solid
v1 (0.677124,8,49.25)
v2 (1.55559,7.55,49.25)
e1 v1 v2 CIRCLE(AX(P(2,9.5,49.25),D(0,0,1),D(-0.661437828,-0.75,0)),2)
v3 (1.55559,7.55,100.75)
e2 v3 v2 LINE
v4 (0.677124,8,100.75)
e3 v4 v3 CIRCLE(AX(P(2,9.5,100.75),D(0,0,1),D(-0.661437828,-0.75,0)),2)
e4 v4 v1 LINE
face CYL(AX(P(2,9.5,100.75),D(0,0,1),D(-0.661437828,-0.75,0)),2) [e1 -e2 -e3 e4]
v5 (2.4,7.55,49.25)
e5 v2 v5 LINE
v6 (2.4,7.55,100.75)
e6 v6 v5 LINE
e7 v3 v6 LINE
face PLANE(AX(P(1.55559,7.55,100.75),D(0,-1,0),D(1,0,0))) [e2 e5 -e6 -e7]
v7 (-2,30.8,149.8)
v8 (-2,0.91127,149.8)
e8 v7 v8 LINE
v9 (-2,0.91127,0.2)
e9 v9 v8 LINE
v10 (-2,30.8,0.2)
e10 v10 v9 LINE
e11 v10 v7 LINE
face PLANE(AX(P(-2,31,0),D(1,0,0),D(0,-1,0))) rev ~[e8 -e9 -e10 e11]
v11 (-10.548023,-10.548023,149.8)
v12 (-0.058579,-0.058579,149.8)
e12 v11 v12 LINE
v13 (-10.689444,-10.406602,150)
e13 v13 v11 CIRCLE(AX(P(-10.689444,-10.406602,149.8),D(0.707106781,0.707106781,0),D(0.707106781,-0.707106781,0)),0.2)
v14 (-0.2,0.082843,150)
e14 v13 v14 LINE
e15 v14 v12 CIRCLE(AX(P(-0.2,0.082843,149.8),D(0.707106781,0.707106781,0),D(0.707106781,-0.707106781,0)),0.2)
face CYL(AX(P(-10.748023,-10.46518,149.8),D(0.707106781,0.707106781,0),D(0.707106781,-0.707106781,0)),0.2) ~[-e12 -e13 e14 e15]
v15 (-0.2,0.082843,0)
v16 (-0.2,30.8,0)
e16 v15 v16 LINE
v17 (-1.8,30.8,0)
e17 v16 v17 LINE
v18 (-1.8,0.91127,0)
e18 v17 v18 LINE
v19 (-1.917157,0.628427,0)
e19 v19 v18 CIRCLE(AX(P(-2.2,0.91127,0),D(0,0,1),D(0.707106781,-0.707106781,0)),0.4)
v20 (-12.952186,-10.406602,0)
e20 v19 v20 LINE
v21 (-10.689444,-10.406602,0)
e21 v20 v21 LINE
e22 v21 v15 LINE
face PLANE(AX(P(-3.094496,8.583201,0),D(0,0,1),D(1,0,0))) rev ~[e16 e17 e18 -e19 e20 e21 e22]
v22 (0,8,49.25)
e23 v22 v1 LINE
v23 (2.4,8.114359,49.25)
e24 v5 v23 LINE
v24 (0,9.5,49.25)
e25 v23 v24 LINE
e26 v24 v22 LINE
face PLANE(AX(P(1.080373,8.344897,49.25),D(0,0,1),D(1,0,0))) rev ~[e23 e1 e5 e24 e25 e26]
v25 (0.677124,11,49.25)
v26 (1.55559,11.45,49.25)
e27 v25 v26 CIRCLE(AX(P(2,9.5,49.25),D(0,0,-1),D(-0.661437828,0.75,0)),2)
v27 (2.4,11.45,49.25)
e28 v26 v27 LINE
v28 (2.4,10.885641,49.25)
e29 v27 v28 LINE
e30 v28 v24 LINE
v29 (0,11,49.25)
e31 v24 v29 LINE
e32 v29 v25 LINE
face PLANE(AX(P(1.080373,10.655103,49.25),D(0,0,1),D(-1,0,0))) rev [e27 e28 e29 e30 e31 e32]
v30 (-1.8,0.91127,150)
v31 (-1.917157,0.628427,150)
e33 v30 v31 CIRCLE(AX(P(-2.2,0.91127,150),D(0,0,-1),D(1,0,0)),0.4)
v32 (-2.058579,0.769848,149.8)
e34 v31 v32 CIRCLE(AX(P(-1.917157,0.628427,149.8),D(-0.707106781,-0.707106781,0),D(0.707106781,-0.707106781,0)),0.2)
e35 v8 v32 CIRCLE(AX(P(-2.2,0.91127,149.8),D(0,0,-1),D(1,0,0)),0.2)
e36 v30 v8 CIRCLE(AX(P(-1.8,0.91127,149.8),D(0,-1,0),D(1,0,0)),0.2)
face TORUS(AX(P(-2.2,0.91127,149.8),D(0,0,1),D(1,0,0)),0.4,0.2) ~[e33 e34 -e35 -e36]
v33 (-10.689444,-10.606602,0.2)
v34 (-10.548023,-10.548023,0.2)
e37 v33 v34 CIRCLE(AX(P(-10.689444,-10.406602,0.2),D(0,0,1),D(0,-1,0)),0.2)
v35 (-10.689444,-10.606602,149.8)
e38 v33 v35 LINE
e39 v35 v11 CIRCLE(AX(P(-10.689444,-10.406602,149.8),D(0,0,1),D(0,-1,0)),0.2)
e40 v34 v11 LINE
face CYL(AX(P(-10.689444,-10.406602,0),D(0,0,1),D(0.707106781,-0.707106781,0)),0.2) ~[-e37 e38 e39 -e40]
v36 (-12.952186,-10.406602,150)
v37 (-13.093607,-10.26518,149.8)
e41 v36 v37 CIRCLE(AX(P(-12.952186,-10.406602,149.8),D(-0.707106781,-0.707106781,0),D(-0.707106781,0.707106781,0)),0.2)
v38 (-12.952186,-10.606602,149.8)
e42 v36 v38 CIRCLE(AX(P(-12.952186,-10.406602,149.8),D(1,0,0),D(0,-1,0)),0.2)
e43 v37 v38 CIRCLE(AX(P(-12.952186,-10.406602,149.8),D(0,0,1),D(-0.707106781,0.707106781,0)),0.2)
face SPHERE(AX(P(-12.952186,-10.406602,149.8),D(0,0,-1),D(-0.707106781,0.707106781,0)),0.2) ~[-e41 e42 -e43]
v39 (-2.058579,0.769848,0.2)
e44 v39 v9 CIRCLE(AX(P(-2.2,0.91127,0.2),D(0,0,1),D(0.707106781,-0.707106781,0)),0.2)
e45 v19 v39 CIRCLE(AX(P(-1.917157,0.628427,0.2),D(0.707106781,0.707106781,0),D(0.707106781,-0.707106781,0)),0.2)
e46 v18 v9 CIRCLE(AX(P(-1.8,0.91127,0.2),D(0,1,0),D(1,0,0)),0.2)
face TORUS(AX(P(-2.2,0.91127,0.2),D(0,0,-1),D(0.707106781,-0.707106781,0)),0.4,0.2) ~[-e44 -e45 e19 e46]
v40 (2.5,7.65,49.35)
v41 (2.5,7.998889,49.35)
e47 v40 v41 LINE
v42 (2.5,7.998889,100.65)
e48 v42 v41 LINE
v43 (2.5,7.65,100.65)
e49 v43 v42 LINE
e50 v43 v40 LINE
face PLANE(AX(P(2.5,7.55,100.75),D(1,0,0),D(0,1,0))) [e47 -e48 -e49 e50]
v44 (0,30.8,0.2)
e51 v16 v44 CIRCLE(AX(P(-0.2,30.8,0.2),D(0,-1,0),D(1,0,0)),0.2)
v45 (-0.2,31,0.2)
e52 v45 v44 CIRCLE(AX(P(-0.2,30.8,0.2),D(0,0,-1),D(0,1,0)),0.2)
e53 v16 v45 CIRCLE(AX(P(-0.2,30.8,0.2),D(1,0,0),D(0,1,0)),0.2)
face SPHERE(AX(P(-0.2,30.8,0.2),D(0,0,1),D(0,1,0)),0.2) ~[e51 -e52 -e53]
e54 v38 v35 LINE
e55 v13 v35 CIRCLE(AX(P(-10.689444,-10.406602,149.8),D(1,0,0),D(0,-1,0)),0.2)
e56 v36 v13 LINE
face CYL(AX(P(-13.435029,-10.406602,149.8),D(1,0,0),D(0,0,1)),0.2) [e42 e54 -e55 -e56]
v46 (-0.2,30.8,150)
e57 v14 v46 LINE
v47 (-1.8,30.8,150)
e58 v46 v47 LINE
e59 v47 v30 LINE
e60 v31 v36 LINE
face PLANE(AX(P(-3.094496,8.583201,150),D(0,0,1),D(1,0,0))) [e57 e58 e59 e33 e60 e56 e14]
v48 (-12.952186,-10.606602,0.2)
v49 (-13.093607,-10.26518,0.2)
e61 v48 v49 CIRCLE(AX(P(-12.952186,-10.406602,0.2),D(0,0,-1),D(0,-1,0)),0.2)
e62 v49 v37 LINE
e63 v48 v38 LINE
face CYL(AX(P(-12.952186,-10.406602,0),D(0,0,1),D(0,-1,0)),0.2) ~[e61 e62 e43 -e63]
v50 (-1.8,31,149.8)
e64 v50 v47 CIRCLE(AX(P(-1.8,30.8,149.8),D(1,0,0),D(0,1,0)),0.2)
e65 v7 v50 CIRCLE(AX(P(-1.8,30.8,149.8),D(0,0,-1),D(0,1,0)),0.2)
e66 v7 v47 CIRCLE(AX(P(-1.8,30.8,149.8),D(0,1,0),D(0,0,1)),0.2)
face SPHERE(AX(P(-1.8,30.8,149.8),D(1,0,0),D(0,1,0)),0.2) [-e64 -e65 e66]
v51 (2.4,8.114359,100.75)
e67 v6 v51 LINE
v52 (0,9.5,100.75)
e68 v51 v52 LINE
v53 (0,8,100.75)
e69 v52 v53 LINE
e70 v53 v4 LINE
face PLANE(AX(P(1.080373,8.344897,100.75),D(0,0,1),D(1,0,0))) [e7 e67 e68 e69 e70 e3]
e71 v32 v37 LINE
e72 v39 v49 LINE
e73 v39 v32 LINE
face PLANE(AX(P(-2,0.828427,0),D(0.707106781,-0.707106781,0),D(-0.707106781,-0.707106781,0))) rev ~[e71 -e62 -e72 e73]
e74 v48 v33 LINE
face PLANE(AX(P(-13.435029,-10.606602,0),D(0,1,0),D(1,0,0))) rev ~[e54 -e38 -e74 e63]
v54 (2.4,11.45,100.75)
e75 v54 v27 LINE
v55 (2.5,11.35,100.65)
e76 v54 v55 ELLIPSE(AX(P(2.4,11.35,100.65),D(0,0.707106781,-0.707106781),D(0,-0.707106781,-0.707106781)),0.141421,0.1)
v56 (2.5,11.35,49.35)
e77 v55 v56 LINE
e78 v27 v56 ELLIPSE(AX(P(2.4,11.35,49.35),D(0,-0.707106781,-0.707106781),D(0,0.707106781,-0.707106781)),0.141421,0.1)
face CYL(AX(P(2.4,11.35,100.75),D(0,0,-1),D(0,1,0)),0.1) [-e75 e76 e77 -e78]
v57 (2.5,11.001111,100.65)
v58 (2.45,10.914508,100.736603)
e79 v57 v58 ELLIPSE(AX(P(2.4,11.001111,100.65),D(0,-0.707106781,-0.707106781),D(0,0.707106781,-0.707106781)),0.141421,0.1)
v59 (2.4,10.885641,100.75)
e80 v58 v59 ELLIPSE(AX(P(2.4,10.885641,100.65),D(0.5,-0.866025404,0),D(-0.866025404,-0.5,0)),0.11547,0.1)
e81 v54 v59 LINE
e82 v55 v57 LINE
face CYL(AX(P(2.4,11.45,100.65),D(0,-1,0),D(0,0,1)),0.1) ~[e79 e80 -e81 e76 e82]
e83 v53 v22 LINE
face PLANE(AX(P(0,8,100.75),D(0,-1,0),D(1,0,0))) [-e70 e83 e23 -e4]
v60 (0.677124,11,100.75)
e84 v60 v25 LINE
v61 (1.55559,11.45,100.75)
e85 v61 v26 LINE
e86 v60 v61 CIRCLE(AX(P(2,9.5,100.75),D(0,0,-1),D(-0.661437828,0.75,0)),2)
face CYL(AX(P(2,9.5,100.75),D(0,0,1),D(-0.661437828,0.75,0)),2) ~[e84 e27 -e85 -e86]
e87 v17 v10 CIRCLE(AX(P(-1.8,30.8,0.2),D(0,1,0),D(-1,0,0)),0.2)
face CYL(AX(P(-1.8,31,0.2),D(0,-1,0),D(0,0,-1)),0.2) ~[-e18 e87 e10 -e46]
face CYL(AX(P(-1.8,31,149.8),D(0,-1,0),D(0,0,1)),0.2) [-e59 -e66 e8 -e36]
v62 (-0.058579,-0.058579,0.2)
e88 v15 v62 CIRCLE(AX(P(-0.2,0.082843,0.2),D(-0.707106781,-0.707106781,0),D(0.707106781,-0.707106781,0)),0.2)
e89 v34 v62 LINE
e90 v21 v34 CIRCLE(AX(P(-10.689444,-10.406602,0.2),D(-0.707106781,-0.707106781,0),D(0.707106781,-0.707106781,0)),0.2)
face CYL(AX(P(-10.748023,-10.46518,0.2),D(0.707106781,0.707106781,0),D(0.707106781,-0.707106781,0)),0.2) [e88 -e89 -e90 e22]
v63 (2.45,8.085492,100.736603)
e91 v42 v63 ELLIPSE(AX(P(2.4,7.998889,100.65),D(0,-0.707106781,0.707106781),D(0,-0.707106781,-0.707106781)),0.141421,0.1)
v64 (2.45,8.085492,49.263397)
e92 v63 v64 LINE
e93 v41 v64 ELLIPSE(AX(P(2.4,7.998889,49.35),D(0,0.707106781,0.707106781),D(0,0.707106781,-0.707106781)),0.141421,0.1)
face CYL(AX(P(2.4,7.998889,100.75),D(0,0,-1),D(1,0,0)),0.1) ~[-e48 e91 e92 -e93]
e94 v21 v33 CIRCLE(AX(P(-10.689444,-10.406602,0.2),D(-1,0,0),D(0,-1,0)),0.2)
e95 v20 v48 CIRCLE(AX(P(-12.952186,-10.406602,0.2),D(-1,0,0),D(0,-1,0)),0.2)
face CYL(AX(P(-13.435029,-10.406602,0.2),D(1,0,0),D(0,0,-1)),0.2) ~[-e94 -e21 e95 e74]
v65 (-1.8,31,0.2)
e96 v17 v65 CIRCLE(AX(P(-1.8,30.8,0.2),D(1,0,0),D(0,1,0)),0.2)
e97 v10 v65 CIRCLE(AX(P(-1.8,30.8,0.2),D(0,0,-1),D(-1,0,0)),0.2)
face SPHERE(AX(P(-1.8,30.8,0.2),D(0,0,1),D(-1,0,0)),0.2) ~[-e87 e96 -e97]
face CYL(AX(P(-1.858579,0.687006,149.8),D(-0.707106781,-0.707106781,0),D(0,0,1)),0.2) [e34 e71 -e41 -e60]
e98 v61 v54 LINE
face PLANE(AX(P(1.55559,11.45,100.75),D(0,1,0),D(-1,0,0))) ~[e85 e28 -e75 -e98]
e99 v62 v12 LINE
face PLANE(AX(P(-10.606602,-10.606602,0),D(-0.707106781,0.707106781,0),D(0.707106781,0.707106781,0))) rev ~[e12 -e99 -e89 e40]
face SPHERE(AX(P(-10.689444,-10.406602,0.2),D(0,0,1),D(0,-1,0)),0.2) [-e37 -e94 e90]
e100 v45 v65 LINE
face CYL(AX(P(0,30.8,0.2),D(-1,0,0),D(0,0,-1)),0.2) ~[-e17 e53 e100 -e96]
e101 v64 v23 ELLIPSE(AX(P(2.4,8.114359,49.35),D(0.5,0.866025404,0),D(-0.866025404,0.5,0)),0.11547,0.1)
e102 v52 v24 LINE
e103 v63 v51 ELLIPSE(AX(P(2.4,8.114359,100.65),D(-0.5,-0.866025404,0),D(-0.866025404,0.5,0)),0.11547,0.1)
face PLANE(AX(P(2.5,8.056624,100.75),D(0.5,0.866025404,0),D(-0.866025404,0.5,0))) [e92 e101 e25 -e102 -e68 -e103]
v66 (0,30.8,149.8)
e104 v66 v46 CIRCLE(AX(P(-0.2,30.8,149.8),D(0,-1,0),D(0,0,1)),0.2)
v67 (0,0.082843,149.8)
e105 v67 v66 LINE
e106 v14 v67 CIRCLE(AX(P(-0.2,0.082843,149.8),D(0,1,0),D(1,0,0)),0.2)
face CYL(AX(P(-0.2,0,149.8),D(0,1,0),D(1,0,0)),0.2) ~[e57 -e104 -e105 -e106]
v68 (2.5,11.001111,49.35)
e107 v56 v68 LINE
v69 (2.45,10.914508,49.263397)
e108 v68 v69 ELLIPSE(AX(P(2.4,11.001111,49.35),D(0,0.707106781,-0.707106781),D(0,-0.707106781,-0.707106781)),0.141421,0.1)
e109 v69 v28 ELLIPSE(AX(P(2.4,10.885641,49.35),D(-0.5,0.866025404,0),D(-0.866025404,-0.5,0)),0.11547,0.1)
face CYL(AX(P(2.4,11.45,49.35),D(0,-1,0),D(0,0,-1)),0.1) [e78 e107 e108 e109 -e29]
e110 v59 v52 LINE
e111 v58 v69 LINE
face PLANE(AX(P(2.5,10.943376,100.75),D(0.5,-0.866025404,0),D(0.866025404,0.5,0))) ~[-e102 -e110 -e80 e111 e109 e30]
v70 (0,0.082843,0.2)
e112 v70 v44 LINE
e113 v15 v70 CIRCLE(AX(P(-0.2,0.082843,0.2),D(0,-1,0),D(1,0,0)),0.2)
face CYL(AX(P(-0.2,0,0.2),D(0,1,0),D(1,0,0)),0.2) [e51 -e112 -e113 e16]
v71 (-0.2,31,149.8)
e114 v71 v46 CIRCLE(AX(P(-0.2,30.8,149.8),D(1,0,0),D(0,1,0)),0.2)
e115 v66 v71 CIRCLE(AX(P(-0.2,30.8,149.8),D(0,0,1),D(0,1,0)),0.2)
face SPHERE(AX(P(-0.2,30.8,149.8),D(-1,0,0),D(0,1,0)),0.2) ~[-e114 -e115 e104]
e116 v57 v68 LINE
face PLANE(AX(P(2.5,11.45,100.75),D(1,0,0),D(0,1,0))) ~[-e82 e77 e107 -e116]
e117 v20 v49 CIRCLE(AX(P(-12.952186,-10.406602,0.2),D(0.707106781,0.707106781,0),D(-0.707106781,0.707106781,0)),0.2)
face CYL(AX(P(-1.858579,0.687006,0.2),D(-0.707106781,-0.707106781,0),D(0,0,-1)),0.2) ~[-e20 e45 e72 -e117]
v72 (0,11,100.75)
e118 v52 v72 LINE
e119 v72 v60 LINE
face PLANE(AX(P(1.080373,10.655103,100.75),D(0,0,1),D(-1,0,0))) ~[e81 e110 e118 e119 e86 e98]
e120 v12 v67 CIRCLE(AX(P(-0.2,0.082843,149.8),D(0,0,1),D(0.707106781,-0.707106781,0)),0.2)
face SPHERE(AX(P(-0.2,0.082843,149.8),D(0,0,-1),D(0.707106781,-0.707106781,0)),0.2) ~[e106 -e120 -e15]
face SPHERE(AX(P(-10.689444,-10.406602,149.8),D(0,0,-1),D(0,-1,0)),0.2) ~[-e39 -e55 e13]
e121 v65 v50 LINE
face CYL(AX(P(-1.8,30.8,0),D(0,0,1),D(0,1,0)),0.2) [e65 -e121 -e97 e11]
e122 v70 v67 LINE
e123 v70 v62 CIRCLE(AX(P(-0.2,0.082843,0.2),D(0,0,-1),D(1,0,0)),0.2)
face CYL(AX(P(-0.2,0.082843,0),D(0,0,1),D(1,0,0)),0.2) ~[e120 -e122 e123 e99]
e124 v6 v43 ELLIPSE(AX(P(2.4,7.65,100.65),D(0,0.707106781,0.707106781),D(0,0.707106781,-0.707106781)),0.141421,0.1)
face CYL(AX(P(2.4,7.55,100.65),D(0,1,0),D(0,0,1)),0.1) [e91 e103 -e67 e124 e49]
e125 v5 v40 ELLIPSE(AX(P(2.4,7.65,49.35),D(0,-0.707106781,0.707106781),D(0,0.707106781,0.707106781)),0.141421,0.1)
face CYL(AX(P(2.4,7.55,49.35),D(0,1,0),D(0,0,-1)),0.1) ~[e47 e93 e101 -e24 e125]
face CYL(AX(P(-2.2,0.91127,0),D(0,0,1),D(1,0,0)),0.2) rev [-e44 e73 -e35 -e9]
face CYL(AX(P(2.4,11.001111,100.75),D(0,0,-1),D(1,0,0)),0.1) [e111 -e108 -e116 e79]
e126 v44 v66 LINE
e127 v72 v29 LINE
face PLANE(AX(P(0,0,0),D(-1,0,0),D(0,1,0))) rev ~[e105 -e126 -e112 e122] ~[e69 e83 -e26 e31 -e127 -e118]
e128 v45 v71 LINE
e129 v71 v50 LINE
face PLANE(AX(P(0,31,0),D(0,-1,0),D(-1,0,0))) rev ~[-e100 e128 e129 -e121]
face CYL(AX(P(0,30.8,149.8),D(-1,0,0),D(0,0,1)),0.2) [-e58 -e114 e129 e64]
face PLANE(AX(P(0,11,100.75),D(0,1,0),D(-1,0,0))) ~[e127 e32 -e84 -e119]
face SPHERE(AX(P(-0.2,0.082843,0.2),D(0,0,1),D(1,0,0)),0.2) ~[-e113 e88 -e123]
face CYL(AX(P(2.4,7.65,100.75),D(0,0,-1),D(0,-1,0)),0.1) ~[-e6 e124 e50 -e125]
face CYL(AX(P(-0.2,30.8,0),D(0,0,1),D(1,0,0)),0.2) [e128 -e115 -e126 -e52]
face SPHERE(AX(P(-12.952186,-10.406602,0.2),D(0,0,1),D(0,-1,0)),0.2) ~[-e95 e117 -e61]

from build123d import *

# Parameters (mm, degrees)
EXTRUDE_1_DEPTH = 150
EXTRUDE_START   = -49.25
EXTRUDE_2_DEPTH = 51.5
FILLET_1_R      = 0.1
FILLET_2_R      = 0.2


with BuildPart() as part:
    # 草图1 → 凸台-拉伸1 (new body)
    with BuildSketch(Plane.XY):
        Polygon((0, 0), (0, 31), (-2, 31), (-2, 0.828427125), (-13.435028843, -10.606601718), (-10.606601718, -10.606601718), align=None)
    extrude(amount=EXTRUDE_1_DEPTH)

    # 草图3 → 凸台-拉伸2 (add)
    with BuildSketch(Plane.XY.offset(150).offset(EXTRUDE_START)):
        with BuildLine():
            Line((0, 9.5), (0, 8))
            Line((0, 8), (0.677124344, 8))
            ThreePointArc((0.677124344, 8), (1.088161527, 7.719957697), (1.555590279, 7.55))
            Line((1.555590279, 7.55), (2.5, 7.55))
            Line((2.5, 7.55), (2.5, 8.056624327))
            Line((2.5, 8.056624327), (0, 9.5))
        make_face()
    extrude_2 = extrude(amount=-EXTRUDE_2_DEPTH)

    # 镜向1: 凸台-拉伸2 across plane
    add(extrude_2.mirror(Plane.ZX.offset(9.5)))

    # 圆角1
    fillet_1_edges = [part.edges().sort_by_distance(p)[0] for p in [
        (2.5, 7.803312164, 49.25),
        (2.5, 8.056624327, 75),
        (2.5, 7.55, 75),
        (2.5, 7.803312164, 100.75),
        (2.5, 10.943375673, 75),
        (2.5, 11.196687836, 100.75),
        (2.5, 11.45, 75),
        (2.5, 11.196687836, 49.25),
    ]]
    fillet(fillet_1_edges, radius=FILLET_1_R)

    # 圆角2
    fillet_2_edges = [part.edges().sort_by_distance(p)[0] for p in [
        (-1, 31, 150),
        (-10.606601718, -10.606601718, 75),
        (-13.435028843, -10.606601718, 75),
        (-2, 0.828427125, 75),
        (-2, 31, 75),
        (0, 31, 75),
        (0, 0, 75),
        (-2, 15.914213562, 150),
        (-7.717514421, -4.889087297, 150),
        (-12.02081528, -10.606601718, 150),
        (-5.303300859, -5.303300859, 150),
        (-12.02081528, -10.606601718, 0),
        (-7.717514421, -4.889087297, 0),
        (-2, 15.914213562, 0),
        (0, 15.5, 150),
        (-1, 31, 0),
        (0, 15.5, 0),
        (-5.303300859, -5.303300859, 0),
    ]]
    fillet(fillet_2_edges, radius=FILLET_2_R)


solid = part.part
